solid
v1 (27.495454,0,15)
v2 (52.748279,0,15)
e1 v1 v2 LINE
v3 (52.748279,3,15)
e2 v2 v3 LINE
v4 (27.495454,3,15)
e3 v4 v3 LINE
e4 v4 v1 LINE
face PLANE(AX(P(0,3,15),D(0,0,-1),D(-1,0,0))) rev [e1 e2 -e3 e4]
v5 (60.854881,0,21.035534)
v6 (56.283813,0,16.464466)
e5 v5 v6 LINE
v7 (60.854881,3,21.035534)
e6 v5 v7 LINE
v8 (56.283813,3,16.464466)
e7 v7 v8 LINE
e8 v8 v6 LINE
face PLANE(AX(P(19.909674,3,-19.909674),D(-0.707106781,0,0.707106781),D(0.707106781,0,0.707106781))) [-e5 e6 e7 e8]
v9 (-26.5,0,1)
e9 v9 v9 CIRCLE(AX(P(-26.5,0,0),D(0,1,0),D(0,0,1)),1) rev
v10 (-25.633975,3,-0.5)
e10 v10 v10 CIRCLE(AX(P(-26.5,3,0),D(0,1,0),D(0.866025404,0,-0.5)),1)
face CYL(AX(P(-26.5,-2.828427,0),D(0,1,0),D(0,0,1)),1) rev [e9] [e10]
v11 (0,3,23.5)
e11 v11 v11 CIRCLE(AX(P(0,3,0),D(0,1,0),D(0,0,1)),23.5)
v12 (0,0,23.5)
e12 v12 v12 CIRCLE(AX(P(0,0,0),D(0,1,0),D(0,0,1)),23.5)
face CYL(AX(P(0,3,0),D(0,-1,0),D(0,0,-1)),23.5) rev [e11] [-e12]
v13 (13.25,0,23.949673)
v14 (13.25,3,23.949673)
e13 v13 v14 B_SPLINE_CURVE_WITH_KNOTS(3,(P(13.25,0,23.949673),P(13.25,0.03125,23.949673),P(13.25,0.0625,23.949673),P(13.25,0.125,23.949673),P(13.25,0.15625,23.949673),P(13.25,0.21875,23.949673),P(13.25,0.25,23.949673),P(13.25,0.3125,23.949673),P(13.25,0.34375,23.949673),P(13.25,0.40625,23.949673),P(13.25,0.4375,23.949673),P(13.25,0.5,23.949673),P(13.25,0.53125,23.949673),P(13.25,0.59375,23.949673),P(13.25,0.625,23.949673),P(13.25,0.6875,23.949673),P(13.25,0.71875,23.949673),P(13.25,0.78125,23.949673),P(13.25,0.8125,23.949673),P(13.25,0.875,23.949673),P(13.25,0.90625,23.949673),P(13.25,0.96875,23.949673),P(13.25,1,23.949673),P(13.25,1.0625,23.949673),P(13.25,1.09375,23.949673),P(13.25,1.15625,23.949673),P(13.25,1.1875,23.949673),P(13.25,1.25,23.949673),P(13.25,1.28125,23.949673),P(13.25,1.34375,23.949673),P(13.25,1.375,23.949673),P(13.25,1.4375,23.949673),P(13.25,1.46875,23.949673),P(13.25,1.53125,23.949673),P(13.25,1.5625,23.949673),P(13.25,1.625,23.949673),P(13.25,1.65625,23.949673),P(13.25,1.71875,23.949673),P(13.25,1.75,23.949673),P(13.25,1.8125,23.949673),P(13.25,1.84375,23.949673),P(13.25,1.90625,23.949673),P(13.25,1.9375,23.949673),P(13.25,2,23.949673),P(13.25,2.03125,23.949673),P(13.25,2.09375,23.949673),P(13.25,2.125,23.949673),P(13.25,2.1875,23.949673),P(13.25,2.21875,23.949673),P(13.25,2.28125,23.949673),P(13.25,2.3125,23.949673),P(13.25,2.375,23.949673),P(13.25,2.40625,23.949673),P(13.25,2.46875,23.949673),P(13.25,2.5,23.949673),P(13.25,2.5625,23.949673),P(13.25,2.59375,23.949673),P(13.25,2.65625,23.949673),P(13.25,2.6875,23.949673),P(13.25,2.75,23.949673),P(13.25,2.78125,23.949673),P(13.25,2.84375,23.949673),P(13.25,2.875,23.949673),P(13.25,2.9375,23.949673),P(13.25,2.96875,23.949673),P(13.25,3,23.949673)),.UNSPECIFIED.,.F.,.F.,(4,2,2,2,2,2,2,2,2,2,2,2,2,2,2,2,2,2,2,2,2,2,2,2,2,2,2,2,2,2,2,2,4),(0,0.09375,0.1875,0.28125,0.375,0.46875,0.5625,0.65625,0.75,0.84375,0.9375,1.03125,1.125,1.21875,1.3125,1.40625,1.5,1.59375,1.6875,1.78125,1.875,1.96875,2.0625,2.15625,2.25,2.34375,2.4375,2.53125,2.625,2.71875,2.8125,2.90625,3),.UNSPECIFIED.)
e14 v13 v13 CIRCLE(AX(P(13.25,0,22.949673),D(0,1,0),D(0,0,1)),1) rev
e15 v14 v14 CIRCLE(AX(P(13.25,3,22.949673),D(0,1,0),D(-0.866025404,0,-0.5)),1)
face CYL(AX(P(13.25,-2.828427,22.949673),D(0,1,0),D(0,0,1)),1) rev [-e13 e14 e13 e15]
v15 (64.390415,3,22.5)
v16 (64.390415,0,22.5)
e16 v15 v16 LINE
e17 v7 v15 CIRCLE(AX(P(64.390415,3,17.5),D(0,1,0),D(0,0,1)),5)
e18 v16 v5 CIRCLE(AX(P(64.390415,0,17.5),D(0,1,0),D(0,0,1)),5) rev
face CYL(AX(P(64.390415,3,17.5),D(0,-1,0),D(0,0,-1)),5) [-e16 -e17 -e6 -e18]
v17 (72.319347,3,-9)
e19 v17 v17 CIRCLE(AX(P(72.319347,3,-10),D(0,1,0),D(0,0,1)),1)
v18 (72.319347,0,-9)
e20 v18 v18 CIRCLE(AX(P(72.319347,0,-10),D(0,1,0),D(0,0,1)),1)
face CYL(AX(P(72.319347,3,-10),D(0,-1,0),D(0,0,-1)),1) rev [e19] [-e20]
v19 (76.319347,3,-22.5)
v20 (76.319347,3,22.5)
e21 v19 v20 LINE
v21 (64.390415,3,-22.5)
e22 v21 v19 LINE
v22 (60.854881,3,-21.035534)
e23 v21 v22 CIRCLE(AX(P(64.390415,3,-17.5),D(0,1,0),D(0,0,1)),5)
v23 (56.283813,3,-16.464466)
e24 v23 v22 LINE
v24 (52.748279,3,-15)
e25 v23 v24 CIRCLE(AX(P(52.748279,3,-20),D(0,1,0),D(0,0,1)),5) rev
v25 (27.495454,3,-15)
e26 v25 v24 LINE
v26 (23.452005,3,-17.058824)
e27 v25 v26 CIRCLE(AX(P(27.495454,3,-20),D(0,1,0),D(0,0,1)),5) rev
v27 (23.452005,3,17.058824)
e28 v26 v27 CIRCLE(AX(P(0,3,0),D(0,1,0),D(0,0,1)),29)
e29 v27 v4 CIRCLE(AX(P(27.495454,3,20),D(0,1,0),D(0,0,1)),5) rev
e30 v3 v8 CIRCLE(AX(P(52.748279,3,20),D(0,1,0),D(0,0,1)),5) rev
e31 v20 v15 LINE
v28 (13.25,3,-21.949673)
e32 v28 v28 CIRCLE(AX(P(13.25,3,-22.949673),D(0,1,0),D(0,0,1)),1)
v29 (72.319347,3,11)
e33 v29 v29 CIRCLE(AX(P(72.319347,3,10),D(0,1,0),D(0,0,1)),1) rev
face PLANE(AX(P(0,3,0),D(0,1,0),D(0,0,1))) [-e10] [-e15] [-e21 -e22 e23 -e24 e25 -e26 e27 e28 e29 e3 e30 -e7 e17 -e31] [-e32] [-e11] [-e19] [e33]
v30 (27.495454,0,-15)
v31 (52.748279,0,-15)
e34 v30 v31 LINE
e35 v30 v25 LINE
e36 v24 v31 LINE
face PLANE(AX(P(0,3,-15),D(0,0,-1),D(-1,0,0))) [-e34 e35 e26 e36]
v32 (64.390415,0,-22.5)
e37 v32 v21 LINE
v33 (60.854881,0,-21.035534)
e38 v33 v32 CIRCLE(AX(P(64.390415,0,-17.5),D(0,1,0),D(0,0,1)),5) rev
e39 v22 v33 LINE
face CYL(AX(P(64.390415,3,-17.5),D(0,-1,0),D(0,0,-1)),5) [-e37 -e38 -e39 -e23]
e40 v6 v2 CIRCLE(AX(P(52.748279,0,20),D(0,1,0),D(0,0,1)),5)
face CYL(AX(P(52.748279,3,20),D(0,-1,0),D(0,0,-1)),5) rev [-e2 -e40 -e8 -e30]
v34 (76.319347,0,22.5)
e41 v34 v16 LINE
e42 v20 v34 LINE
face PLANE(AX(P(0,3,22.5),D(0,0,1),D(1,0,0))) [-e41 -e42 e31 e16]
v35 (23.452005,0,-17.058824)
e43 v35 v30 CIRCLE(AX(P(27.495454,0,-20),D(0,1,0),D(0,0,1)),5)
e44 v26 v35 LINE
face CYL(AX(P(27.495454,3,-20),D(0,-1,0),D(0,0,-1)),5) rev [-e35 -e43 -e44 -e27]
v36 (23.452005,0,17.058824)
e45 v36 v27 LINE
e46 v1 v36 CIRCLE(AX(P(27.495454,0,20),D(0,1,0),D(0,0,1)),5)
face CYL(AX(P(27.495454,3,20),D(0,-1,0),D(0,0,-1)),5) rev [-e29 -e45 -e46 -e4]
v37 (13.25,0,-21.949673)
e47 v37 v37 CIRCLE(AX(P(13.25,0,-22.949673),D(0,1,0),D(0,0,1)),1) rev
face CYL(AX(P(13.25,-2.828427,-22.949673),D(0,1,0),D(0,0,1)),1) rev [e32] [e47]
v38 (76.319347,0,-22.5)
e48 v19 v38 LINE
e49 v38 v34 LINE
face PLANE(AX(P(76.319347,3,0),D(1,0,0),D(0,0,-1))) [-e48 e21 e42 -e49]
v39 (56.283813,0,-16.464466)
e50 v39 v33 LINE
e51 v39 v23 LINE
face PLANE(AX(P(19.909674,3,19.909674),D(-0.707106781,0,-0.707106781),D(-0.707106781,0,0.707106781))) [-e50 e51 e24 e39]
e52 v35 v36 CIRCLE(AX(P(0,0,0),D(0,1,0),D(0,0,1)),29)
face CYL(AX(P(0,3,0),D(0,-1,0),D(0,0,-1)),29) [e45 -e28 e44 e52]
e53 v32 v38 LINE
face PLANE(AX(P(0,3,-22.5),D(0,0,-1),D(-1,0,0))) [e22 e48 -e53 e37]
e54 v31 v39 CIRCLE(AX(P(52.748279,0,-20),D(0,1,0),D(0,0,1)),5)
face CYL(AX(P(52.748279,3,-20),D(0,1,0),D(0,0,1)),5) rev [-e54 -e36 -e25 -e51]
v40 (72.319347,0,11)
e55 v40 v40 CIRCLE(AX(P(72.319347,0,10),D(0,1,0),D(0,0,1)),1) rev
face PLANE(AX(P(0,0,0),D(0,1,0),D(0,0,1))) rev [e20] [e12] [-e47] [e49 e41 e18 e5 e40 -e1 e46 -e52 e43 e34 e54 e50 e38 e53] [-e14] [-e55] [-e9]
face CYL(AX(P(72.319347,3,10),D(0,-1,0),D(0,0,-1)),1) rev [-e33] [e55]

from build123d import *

# Parameters (mm, degrees)
SKETCH2_R           = 23.5
SKETCH2_R_2         = 1
BOSS_EXTRUDE1_DEPTH = 3
FILLET1_R           = 5
SKETCH3_R           = 1
CUT_EXTRUDE1_DEPTH  = 3
CIRPATTERN1_COUNT   = 3


with BuildPart() as part:
    # Sketch2 → Boss-Extrude1 (new body)
    with BuildSketch(Plane(origin=(0, 0, 0), x_dir=(1, 0, 0), z_dir=(0, 1, 0))):
        with BuildLine():
            Line((24.819347292, 15), (54.819347292, 15))
            Line((54.819347292, 15), (62.319347292, 22.5))
            Line((62.319347292, 22.5), (76.319347292, 22.5))
            Line((76.319347292, 22.5), (76.319347292, -22.5))
            Line((76.319347292, -22.5), (62.319347292, -22.5))
            Line((62.319347292, -22.5), (54.819347292, -15))
            Line((54.819347292, -15), (24.819347292, -15))
            ThreePointArc((24.819347292, -15), (-29, 0), (24.819347292, 15))
        make_face()
        with Locations(Location((0, 0, 0), (0, 0, 270))):
            Circle(SKETCH2_R, mode=Mode.SUBTRACT)
        with Locations(Location((72.319347292, 10, 0), (0, 0, 270))):
            Circle(SKETCH2_R_2, mode=Mode.SUBTRACT)
        with Locations(Location((72.319347292, -10, 0), (0, 0, 270))):
            Circle(SKETCH2_R_2, mode=Mode.SUBTRACT)
    extrude(amount=BOSS_EXTRUDE1_DEPTH)

    # Fillet1
    fillet1_edges = [part.edges().sort_by_distance(p)[0] for p in [
        (54.819347292, 1.5, -15),
        (62.319347292, 1.5, -22.5),
        (62.319347292, 1.5, 22.5),
        (54.819347292, 1.5, 15),
        (24.819347292, 1.5, 15),
        (24.819347292, 1.5, -15),
    ]]
    fillet(fillet1_edges, radius=FILLET1_R)

    # Sketch3 → Cut-Extrude1 (cut)
    with BuildSketch(Plane(origin=(0, 3, 0), x_dir=(1, 0, 0), z_dir=(0, 1, 0))):
        with Locations(Location((13.25, 22.9496732, 0), (0, 0, 270))):
            Circle(SKETCH3_R)
    cut_extrude1 = extrude(amount=-CUT_EXTRUDE1_DEPTH, mode=Mode.SUBTRACT)

    # CirPattern1: Cut-Extrude1 ×3 about axis
    cirpattern1_axis = Axis((0, 0, 0), (0, 1, 0))
    for i in range(1, CIRPATTERN1_COUNT):
        add(cut_extrude1.rotate(cirpattern1_axis, i * 360 / CIRPATTERN1_COUNT), mode=Mode.SUBTRACT)


solid = part.part
